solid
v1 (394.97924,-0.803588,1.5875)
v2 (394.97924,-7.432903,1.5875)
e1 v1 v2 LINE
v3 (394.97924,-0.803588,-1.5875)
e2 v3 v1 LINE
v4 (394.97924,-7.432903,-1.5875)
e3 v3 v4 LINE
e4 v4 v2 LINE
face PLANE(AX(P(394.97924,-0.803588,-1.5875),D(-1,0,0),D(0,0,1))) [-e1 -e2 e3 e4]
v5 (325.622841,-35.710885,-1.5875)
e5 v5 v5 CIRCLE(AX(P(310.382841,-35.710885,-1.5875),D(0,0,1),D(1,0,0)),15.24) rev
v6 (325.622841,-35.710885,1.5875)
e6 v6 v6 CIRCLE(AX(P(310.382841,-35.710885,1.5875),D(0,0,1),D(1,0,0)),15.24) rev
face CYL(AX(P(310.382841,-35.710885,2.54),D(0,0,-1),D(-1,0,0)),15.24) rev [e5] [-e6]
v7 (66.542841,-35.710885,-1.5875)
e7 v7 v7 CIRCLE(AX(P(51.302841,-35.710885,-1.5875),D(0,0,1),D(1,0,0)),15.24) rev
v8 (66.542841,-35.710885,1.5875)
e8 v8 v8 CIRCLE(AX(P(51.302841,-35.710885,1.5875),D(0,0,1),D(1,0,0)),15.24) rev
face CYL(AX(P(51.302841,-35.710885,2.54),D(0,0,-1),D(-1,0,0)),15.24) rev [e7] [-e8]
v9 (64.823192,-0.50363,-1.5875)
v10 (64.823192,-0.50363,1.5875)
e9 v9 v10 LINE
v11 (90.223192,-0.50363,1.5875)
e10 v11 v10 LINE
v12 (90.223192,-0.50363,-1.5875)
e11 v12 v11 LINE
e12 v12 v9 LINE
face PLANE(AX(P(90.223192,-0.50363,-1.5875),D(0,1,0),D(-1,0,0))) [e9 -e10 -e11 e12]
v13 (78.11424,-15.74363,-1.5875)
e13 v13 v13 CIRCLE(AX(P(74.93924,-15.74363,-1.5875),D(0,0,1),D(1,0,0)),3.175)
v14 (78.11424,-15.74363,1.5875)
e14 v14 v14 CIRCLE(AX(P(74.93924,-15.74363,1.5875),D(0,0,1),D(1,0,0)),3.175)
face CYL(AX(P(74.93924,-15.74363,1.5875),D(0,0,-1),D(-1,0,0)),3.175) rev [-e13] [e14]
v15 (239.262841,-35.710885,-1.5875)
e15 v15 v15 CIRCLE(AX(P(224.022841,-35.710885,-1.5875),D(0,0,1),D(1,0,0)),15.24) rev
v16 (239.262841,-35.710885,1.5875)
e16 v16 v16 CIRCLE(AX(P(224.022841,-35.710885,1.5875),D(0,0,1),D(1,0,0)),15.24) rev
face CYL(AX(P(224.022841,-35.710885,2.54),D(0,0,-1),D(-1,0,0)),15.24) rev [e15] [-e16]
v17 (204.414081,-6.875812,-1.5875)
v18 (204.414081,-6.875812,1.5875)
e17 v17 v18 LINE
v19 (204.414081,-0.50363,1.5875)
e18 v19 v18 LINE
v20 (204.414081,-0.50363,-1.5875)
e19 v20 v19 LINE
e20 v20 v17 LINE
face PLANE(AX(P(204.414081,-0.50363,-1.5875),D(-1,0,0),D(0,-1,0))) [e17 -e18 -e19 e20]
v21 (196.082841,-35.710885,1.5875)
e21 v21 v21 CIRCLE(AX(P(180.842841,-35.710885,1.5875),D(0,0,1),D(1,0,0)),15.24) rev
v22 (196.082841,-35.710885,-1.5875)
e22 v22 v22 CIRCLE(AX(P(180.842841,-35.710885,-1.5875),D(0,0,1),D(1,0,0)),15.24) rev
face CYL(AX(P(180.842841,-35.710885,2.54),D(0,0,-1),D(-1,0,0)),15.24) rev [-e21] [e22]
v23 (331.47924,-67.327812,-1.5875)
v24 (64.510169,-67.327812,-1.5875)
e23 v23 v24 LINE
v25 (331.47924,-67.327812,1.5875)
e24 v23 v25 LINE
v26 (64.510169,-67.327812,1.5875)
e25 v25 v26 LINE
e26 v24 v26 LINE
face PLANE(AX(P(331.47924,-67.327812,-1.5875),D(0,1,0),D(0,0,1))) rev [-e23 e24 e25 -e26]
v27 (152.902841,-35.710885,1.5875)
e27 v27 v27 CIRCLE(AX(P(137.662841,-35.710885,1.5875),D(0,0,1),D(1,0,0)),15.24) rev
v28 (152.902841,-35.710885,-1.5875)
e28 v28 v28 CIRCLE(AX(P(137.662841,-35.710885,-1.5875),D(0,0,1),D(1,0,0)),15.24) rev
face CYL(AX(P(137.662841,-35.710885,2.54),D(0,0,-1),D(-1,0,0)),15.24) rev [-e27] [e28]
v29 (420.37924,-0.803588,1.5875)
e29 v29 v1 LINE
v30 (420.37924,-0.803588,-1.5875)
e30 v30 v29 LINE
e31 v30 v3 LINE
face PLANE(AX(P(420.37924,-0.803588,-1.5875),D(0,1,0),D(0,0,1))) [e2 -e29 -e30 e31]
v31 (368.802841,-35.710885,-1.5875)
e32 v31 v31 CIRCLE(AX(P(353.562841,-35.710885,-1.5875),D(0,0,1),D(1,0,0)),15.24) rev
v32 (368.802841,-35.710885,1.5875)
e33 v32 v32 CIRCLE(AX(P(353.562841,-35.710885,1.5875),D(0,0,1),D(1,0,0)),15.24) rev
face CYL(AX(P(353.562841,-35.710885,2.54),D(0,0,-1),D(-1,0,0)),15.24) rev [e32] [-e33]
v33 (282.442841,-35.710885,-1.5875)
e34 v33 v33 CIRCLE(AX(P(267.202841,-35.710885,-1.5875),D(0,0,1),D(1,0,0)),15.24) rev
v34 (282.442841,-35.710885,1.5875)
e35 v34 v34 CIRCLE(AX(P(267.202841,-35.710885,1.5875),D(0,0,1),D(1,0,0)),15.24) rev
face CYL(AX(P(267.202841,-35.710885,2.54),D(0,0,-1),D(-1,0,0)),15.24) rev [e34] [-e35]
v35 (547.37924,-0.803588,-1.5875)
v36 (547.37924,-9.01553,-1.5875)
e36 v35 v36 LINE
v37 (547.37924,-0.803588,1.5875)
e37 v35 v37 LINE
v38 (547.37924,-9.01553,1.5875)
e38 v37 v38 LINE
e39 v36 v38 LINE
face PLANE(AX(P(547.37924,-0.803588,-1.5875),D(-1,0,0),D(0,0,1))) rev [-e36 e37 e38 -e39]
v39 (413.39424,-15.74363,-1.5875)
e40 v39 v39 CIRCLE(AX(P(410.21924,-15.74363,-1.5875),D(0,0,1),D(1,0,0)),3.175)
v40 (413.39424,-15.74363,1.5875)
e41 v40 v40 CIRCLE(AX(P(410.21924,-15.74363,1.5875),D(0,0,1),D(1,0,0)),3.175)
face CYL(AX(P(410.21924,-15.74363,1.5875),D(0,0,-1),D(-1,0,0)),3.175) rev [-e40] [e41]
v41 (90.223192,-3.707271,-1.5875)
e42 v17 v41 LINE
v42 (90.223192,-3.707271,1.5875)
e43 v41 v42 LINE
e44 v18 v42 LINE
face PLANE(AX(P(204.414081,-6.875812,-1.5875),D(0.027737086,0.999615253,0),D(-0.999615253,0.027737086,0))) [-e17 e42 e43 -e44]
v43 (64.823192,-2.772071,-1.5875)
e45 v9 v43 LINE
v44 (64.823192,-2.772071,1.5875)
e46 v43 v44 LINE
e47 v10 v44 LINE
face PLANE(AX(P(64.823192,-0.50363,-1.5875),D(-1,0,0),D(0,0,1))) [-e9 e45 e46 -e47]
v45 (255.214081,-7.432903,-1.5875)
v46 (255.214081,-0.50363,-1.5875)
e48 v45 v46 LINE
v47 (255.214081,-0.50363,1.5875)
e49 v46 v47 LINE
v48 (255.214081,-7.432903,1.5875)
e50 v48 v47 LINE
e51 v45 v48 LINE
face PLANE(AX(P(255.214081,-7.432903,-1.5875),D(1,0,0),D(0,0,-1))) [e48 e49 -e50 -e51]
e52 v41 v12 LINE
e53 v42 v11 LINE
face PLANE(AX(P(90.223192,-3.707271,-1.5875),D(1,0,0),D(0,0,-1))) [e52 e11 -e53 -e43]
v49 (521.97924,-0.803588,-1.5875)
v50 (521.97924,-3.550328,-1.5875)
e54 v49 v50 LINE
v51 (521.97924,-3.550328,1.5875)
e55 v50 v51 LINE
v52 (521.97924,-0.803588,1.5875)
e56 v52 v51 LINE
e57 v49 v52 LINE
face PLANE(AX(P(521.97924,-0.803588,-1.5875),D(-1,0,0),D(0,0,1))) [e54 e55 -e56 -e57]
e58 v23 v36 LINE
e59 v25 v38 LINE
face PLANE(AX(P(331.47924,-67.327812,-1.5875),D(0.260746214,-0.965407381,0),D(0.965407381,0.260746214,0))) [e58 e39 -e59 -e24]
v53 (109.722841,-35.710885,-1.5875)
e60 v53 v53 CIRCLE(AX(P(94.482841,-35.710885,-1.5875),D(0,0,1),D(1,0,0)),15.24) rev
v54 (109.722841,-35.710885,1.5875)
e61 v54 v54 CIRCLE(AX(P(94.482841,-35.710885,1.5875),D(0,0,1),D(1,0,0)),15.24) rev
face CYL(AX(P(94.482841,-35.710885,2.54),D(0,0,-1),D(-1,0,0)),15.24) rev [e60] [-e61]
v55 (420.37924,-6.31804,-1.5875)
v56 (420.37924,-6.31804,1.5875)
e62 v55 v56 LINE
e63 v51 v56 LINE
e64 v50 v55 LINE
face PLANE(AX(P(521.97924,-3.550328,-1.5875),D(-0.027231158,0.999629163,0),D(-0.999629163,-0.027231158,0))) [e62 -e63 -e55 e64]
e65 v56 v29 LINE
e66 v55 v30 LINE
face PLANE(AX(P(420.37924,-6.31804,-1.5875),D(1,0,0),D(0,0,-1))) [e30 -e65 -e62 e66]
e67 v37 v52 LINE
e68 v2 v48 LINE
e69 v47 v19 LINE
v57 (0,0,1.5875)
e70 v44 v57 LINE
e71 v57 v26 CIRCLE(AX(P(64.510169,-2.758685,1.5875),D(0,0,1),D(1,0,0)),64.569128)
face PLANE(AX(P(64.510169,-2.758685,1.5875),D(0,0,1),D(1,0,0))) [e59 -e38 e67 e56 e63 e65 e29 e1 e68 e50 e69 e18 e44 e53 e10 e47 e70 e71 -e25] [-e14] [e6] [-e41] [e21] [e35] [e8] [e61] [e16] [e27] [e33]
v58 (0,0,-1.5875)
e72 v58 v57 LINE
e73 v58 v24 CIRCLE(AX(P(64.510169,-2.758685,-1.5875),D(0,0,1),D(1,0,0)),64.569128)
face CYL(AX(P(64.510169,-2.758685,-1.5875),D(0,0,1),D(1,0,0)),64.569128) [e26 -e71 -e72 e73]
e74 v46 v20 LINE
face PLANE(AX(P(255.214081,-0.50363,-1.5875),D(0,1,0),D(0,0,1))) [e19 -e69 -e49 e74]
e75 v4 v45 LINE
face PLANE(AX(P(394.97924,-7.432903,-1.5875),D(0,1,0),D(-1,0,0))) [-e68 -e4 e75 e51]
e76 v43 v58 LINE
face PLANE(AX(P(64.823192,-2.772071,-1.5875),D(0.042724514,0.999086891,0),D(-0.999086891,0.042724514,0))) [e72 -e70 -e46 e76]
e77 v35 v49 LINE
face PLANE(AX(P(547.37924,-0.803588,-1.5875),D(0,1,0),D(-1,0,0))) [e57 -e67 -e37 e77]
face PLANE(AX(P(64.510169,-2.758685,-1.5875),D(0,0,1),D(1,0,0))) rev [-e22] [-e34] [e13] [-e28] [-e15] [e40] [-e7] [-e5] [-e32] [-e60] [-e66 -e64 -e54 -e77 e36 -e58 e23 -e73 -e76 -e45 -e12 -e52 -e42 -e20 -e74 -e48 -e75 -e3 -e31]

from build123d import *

# Parameters (mm, degrees)
BOSS_EXTRUDE1_DEPTH      = 1.5875
BOSS_EXTRUDE1_DEPTH_BACK = 1.5875
CUT_EXTRUDE1_DEPTH       = 552.50665189
CUT_EXTRUDE1_DEPTH_BACK  = 552.50665189
SKETCH2_R                = 3.175
CUT_EXTRUDE2_DEPTH       = 2.54
CUT_EXTRUDE2_DEPTH_BACK  = 2.54
SKETCH3_R                = 15.24


with BuildPart() as part:
    # Sketch1 → Boss-Extrude1 (new, two sides: drawn at the far end of the back side and taken through both)
    with BuildSketch(Plane.XY.offset(-BOSS_EXTRUDE1_DEPTH_BACK)):
        with BuildLine():
            Line((331.479240226, -67.327812174), (547.379240226, -9.015530032))
            Line((547.379240226, -9.015530032), (547.379240226, -0.80358759))
            Line((547.379240226, -0.80358759), (521.979240226, -0.80358759))
            Line((521.979240226, -0.80358759), (521.979240226, -3.550327588))
            Line((521.979240226, -3.550327588), (420.379240226, -6.318039604))
            Line((420.379240226, -6.318039604), (420.379240226, -0.80358759))
            Line((420.379240226, -0.80358759), (394.979240226, -0.80358759))
            Line((394.979240226, -0.80358759), (394.979240226, -7.4329025))
            Line((394.979240226, -7.4329025), (255.21408059, -7.4329025))
            Line((255.21408059, -7.4329025), (255.21408059, -0.503629592))
            Line((255.21408059, -0.503629592), (204.41408059, -0.503629592))
            Line((204.41408059, -0.503629592), (204.41408059, -6.875812174))
            Line((204.41408059, -6.875812174), (90.223191735, -3.707270632))
            Line((90.223191735, -3.707270632), (90.223191735, -0.503629592))
            Line((90.223191735, -0.503629592), (64.823191735, -0.503629592))
            Line((64.823191735, -0.503629592), (64.823191735, -2.772070572))
            Line((64.823191735, -2.772070572), (0, 0))
            ThreePointArc((0, 0), (17.887759649, -47.42996384), (64.510168925, -67.327812174))
            Line((64.510168925, -67.327812174), (331.479240226, -67.327812174))
        make_face()
    extrude(amount=BOSS_EXTRUDE1_DEPTH + BOSS_EXTRUDE1_DEPTH_BACK)

    # Sketch2 → Cut-Extrude1 (cut, two sides: drawn at the far end of the back side and taken through both)
    with BuildSketch(Plane.XY.offset(-CUT_EXTRUDE1_DEPTH_BACK)):
        with Locations((410.219240226, -15.743629592)):
            Circle(SKETCH2_R)
        with Locations((74.939240226, -15.743629592)):
            Circle(SKETCH2_R)
    extrude(amount=CUT_EXTRUDE1_DEPTH + CUT_EXTRUDE1_DEPTH_BACK, mode=Mode.SUBTRACT)

    # Sketch3 → Cut-Extrude2 (cut, two sides: drawn at the far end of the back side and taken through both)
    with BuildSketch(Plane.XY.offset(-CUT_EXTRUDE2_DEPTH_BACK)):
        with BuildLine():
            ThreePointArc((79.242840924, -35.710884581), (94.482840924, -50.950884581), (109.722840924, -35.710884581))
            Line((109.722840924, -35.710884581), (79.242840924, -35.710884581))
        make_face()
        with BuildLine():
            Line((79.242840924, -35.710884581), (109.722840924, -35.710884581))
            ThreePointArc((109.722840924, -35.710884581), (94.482840924, -20.470884581), (79.242840924, -35.710884581))
        make_face()
        with BuildLine():
            ThreePointArc((368.802840924, -35.710884581), (353.562840924, -20.470884581), (338.322840924, -35.710884581))
            ThreePointArc((338.322840924, -35.710884581), (353.562840924, -50.950884581), (368.802840924, -35.710884581))
        make_face()
        with Locations((51.302840924, -35.710884581)):
            Circle(SKETCH3_R)
        with Locations((137.662840924, -35.710884581)):
            Circle(SKETCH3_R)
        with Locations((180.842840924, -35.710884581)):
            Circle(SKETCH3_R)
        with Locations((224.022840924, -35.710884581)):
            Circle(SKETCH3_R)
        with Locations((267.202840924, -35.710884581)):
            Circle(SKETCH3_R)
        with Locations((310.382840924, -35.710884581)):
            Circle(SKETCH3_R)
    extrude(amount=CUT_EXTRUDE2_DEPTH + CUT_EXTRUDE2_DEPTH_BACK, mode=Mode.SUBTRACT)


solid = part.part
